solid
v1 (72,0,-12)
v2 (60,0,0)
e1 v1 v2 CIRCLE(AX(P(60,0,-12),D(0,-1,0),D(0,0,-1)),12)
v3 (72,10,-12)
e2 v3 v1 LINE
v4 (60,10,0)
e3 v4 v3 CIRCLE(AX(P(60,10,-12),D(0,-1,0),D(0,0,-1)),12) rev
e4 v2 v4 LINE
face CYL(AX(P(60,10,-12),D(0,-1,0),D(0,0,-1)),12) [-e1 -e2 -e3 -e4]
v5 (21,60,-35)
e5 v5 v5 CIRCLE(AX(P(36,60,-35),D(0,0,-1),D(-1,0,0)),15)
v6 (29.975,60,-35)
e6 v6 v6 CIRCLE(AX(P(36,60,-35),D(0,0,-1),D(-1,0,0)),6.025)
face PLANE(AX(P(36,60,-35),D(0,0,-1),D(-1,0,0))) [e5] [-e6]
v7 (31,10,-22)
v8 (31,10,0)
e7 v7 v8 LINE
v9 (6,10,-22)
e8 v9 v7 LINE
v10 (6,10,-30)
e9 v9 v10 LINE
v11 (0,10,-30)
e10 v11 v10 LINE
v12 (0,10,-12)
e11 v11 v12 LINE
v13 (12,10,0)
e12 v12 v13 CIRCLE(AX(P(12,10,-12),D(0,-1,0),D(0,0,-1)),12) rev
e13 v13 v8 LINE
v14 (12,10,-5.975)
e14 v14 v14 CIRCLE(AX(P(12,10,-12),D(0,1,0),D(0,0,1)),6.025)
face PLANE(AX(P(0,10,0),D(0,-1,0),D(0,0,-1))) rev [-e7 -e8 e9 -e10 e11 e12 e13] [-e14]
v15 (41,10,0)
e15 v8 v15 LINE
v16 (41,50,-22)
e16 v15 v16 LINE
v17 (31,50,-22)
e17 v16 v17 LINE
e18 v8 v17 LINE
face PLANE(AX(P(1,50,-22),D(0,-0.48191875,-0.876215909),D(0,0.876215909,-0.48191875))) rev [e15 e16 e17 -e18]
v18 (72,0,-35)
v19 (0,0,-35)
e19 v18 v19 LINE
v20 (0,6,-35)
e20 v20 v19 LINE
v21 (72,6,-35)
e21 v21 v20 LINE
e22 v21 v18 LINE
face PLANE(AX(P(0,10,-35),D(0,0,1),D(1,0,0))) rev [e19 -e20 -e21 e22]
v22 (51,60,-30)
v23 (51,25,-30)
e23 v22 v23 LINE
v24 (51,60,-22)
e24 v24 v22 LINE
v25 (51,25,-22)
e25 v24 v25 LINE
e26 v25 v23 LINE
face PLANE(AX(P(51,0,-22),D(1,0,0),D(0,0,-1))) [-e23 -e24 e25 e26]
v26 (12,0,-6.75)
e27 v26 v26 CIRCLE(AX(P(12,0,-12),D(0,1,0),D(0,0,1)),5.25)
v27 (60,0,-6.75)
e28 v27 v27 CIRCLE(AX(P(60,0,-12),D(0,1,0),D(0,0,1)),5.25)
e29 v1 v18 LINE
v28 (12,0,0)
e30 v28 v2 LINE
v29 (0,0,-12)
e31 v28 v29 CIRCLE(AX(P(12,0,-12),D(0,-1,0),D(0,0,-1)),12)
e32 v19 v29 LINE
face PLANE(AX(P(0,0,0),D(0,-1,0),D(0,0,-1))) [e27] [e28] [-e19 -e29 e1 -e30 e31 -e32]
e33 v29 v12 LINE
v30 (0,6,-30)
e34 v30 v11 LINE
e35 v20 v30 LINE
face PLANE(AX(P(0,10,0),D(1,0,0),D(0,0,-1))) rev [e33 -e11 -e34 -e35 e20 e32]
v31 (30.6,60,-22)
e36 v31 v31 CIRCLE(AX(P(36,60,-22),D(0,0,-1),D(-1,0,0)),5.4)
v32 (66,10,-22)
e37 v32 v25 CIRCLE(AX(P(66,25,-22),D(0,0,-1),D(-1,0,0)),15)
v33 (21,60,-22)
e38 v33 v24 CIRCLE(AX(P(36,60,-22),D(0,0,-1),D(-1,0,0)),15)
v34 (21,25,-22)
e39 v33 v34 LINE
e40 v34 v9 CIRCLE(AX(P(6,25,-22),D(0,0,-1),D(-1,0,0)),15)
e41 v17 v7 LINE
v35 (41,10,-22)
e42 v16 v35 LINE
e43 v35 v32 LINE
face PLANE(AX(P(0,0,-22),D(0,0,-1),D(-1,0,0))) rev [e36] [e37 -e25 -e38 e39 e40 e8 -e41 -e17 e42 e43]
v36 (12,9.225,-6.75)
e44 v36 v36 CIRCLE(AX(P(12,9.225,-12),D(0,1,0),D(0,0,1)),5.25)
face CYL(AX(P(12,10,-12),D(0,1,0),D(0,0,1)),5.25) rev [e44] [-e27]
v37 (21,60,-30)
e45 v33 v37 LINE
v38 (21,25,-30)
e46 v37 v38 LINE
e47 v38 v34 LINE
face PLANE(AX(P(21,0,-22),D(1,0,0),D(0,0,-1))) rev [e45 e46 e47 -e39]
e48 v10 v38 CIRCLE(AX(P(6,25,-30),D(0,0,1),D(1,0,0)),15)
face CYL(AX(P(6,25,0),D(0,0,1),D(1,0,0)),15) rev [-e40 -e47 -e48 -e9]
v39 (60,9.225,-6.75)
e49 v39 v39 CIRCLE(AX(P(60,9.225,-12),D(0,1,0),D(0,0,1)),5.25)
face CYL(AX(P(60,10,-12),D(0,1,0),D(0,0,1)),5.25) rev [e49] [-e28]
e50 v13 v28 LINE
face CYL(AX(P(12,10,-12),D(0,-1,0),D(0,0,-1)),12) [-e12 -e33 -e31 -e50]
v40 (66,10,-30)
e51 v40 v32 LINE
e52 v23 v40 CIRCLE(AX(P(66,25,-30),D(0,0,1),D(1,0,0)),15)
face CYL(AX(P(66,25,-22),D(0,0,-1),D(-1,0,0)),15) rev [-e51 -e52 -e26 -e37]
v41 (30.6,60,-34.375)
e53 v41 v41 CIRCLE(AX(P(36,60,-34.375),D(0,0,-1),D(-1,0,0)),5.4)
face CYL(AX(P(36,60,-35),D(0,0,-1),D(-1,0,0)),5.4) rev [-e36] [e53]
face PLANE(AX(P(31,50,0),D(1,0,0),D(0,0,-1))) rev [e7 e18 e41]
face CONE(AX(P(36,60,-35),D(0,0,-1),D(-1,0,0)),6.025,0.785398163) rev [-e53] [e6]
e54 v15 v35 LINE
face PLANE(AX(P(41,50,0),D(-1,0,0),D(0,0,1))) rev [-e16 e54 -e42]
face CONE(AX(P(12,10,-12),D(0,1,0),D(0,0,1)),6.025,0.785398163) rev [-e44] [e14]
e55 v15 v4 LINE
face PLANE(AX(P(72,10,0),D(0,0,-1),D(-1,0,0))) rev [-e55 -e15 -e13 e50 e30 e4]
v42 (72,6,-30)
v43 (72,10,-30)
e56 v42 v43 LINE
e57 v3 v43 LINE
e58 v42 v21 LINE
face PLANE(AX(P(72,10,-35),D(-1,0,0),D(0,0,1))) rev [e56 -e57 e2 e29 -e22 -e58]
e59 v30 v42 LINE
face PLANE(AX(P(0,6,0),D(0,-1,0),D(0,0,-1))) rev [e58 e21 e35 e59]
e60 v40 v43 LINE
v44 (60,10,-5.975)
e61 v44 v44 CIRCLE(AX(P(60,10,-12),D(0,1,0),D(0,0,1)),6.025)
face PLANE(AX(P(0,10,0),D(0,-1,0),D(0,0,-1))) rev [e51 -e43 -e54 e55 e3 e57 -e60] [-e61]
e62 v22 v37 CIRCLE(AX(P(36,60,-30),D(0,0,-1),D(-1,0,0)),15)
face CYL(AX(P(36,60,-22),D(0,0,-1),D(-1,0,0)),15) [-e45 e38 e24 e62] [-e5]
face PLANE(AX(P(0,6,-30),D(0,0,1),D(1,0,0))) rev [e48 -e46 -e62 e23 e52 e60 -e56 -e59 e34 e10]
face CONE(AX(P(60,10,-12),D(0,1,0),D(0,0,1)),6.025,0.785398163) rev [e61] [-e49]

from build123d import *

# Parameters (mm, degrees)
SKETCH1_W                         = 72
SKETCH1_H                         = 35
BOSS_EXTRUDE1_DEPTH               = 10
SKETCH3_W                         = 72
SKETCH3_H                         = 5
CUT_EXTRUDE1_DEPTH                = 4
BOSS_EXTRUDE2_DEPTH               = 8
SKETCH5_R                         = 15
BOSS_EXTRUDE3_DEPTH               = 5
M12X1_25_TAPPED_HOLE1_D           = 10.8
M12X1_25_TAPPED_HOLE1_CSINK_D     = 12.05
M12X1_25_TAPPED_HOLE1_CSINK_ANGLE = 90
FILLET1_R                         = 15
SKETCH9_W                         = 10
SKETCH9_H                         = 22
BOSS_EXTRUDE4_DEPTH               = 40
CUT_EXTRUDE2_DEPTH                = 40
FILLET2_R                         = 12
M12X1_5_TAPPED_HOLE1_D            = 10.5
M12X1_5_TAPPED_HOLE1_CSINK_D      = 12.05
M12X1_5_TAPPED_HOLE1_CSINK_ANGLE  = 90


with BuildPart() as part:
    # Sketch1 → Boss-Extrude1 (new body)
    with BuildSketch(Plane(origin=(0, 0, 0), x_dir=(1, 0, 0), z_dir=(0, 1, 0))):
        with Locations((36, 17.5)):
            Rectangle(SKETCH1_W, SKETCH1_H)
    extrude(amount=BOSS_EXTRUDE1_DEPTH)

    # Sketch3 → Cut-Extrude1 (cut)
    with BuildSketch(Plane(origin=(0, 10, 0), x_dir=(1, 0, 0), z_dir=(0, 1, 0))):
        with Locations((36, 32.5)):
            Rectangle(SKETCH3_W, SKETCH3_H)
    extrude(amount=-CUT_EXTRUDE1_DEPTH, mode=Mode.SUBTRACT)

    # Sketch4 → Boss-Extrude2 (add)
    with BuildSketch(Plane(origin=(0, 0, -30), x_dir=(-1, 0, 0), z_dir=(0, 0, -1))):
        with BuildLine():
            Line((-51, 10), (-21, 10))
            Line((-21, 10), (-21, 60))
            ThreePointArc((-21, 60), (-36, 75), (-51, 60))
            Line((-51, 60), (-51, 10))
        make_face()
    extrude(amount=-BOSS_EXTRUDE2_DEPTH)

    # Sketch5 → Boss-Extrude3 (add)
    with BuildSketch(Plane(origin=(0, 0, -30), x_dir=(-1, 0, 0), z_dir=(0, 0, -1))):
        with Locations((-36, 60)):
            Circle(SKETCH5_R)
    extrude(amount=BOSS_EXTRUDE3_DEPTH)

    # M12x1.25 Tapped Hole1 (through all)
    with Locations(Plane(origin=(36, 60, -35), x_dir=(-1, 0, 0), z_dir=(0, 0, -1))):
        with Locations((0, 0)):
            CounterSinkHole(M12X1_25_TAPPED_HOLE1_D / 2, M12X1_25_TAPPED_HOLE1_CSINK_D / 2, counter_sink_angle=M12X1_25_TAPPED_HOLE1_CSINK_ANGLE)

    # Fillet1
    fillet1_edges = [part.edges().sort_by_distance(p)[0] for p in [
        (21, 10, -26),
        (51, 10, -26),
    ]]
    fillet(fillet1_edges, radius=FILLET1_R)

    # Sketch9 → Boss-Extrude4 (add)
    with BuildSketch(Plane(origin=(0, 10, 0), x_dir=(1, 0, 0), z_dir=(0, 1, 0))):
        with Locations((36, 11)):
            Rectangle(SKETCH9_W, SKETCH9_H)
    extrude(amount=BOSS_EXTRUDE4_DEPTH)

    # Sketch10 → Cut-Extrude2 (cut)
    with BuildSketch(Plane(origin=(41, 0, 0), x_dir=(0, 0, -1), z_dir=(1, 0, 0))):
        Polygon((22, 50), (0, 10), (0, 50), align=None)
    extrude(amount=-CUT_EXTRUDE2_DEPTH, mode=Mode.SUBTRACT)

    # Fillet2
    fillet2_edges = [part.edges().sort_by_distance(p)[0] for p in [
        (0, 5, 0),
        (72, 5, 0),
    ]]
    fillet(fillet2_edges, radius=FILLET2_R)

    # M12x1.5 Tapped Hole1 (through all)
    with Locations(Plane(origin=(12, 10, -12), x_dir=(0, 0, 1), z_dir=(0, 1, 0))):
        with Locations((0, 0), (0, 48)):
            CounterSinkHole(M12X1_5_TAPPED_HOLE1_D / 2, M12X1_5_TAPPED_HOLE1_CSINK_D / 2, counter_sink_angle=M12X1_5_TAPPED_HOLE1_CSINK_ANGLE)


solid = part.part
